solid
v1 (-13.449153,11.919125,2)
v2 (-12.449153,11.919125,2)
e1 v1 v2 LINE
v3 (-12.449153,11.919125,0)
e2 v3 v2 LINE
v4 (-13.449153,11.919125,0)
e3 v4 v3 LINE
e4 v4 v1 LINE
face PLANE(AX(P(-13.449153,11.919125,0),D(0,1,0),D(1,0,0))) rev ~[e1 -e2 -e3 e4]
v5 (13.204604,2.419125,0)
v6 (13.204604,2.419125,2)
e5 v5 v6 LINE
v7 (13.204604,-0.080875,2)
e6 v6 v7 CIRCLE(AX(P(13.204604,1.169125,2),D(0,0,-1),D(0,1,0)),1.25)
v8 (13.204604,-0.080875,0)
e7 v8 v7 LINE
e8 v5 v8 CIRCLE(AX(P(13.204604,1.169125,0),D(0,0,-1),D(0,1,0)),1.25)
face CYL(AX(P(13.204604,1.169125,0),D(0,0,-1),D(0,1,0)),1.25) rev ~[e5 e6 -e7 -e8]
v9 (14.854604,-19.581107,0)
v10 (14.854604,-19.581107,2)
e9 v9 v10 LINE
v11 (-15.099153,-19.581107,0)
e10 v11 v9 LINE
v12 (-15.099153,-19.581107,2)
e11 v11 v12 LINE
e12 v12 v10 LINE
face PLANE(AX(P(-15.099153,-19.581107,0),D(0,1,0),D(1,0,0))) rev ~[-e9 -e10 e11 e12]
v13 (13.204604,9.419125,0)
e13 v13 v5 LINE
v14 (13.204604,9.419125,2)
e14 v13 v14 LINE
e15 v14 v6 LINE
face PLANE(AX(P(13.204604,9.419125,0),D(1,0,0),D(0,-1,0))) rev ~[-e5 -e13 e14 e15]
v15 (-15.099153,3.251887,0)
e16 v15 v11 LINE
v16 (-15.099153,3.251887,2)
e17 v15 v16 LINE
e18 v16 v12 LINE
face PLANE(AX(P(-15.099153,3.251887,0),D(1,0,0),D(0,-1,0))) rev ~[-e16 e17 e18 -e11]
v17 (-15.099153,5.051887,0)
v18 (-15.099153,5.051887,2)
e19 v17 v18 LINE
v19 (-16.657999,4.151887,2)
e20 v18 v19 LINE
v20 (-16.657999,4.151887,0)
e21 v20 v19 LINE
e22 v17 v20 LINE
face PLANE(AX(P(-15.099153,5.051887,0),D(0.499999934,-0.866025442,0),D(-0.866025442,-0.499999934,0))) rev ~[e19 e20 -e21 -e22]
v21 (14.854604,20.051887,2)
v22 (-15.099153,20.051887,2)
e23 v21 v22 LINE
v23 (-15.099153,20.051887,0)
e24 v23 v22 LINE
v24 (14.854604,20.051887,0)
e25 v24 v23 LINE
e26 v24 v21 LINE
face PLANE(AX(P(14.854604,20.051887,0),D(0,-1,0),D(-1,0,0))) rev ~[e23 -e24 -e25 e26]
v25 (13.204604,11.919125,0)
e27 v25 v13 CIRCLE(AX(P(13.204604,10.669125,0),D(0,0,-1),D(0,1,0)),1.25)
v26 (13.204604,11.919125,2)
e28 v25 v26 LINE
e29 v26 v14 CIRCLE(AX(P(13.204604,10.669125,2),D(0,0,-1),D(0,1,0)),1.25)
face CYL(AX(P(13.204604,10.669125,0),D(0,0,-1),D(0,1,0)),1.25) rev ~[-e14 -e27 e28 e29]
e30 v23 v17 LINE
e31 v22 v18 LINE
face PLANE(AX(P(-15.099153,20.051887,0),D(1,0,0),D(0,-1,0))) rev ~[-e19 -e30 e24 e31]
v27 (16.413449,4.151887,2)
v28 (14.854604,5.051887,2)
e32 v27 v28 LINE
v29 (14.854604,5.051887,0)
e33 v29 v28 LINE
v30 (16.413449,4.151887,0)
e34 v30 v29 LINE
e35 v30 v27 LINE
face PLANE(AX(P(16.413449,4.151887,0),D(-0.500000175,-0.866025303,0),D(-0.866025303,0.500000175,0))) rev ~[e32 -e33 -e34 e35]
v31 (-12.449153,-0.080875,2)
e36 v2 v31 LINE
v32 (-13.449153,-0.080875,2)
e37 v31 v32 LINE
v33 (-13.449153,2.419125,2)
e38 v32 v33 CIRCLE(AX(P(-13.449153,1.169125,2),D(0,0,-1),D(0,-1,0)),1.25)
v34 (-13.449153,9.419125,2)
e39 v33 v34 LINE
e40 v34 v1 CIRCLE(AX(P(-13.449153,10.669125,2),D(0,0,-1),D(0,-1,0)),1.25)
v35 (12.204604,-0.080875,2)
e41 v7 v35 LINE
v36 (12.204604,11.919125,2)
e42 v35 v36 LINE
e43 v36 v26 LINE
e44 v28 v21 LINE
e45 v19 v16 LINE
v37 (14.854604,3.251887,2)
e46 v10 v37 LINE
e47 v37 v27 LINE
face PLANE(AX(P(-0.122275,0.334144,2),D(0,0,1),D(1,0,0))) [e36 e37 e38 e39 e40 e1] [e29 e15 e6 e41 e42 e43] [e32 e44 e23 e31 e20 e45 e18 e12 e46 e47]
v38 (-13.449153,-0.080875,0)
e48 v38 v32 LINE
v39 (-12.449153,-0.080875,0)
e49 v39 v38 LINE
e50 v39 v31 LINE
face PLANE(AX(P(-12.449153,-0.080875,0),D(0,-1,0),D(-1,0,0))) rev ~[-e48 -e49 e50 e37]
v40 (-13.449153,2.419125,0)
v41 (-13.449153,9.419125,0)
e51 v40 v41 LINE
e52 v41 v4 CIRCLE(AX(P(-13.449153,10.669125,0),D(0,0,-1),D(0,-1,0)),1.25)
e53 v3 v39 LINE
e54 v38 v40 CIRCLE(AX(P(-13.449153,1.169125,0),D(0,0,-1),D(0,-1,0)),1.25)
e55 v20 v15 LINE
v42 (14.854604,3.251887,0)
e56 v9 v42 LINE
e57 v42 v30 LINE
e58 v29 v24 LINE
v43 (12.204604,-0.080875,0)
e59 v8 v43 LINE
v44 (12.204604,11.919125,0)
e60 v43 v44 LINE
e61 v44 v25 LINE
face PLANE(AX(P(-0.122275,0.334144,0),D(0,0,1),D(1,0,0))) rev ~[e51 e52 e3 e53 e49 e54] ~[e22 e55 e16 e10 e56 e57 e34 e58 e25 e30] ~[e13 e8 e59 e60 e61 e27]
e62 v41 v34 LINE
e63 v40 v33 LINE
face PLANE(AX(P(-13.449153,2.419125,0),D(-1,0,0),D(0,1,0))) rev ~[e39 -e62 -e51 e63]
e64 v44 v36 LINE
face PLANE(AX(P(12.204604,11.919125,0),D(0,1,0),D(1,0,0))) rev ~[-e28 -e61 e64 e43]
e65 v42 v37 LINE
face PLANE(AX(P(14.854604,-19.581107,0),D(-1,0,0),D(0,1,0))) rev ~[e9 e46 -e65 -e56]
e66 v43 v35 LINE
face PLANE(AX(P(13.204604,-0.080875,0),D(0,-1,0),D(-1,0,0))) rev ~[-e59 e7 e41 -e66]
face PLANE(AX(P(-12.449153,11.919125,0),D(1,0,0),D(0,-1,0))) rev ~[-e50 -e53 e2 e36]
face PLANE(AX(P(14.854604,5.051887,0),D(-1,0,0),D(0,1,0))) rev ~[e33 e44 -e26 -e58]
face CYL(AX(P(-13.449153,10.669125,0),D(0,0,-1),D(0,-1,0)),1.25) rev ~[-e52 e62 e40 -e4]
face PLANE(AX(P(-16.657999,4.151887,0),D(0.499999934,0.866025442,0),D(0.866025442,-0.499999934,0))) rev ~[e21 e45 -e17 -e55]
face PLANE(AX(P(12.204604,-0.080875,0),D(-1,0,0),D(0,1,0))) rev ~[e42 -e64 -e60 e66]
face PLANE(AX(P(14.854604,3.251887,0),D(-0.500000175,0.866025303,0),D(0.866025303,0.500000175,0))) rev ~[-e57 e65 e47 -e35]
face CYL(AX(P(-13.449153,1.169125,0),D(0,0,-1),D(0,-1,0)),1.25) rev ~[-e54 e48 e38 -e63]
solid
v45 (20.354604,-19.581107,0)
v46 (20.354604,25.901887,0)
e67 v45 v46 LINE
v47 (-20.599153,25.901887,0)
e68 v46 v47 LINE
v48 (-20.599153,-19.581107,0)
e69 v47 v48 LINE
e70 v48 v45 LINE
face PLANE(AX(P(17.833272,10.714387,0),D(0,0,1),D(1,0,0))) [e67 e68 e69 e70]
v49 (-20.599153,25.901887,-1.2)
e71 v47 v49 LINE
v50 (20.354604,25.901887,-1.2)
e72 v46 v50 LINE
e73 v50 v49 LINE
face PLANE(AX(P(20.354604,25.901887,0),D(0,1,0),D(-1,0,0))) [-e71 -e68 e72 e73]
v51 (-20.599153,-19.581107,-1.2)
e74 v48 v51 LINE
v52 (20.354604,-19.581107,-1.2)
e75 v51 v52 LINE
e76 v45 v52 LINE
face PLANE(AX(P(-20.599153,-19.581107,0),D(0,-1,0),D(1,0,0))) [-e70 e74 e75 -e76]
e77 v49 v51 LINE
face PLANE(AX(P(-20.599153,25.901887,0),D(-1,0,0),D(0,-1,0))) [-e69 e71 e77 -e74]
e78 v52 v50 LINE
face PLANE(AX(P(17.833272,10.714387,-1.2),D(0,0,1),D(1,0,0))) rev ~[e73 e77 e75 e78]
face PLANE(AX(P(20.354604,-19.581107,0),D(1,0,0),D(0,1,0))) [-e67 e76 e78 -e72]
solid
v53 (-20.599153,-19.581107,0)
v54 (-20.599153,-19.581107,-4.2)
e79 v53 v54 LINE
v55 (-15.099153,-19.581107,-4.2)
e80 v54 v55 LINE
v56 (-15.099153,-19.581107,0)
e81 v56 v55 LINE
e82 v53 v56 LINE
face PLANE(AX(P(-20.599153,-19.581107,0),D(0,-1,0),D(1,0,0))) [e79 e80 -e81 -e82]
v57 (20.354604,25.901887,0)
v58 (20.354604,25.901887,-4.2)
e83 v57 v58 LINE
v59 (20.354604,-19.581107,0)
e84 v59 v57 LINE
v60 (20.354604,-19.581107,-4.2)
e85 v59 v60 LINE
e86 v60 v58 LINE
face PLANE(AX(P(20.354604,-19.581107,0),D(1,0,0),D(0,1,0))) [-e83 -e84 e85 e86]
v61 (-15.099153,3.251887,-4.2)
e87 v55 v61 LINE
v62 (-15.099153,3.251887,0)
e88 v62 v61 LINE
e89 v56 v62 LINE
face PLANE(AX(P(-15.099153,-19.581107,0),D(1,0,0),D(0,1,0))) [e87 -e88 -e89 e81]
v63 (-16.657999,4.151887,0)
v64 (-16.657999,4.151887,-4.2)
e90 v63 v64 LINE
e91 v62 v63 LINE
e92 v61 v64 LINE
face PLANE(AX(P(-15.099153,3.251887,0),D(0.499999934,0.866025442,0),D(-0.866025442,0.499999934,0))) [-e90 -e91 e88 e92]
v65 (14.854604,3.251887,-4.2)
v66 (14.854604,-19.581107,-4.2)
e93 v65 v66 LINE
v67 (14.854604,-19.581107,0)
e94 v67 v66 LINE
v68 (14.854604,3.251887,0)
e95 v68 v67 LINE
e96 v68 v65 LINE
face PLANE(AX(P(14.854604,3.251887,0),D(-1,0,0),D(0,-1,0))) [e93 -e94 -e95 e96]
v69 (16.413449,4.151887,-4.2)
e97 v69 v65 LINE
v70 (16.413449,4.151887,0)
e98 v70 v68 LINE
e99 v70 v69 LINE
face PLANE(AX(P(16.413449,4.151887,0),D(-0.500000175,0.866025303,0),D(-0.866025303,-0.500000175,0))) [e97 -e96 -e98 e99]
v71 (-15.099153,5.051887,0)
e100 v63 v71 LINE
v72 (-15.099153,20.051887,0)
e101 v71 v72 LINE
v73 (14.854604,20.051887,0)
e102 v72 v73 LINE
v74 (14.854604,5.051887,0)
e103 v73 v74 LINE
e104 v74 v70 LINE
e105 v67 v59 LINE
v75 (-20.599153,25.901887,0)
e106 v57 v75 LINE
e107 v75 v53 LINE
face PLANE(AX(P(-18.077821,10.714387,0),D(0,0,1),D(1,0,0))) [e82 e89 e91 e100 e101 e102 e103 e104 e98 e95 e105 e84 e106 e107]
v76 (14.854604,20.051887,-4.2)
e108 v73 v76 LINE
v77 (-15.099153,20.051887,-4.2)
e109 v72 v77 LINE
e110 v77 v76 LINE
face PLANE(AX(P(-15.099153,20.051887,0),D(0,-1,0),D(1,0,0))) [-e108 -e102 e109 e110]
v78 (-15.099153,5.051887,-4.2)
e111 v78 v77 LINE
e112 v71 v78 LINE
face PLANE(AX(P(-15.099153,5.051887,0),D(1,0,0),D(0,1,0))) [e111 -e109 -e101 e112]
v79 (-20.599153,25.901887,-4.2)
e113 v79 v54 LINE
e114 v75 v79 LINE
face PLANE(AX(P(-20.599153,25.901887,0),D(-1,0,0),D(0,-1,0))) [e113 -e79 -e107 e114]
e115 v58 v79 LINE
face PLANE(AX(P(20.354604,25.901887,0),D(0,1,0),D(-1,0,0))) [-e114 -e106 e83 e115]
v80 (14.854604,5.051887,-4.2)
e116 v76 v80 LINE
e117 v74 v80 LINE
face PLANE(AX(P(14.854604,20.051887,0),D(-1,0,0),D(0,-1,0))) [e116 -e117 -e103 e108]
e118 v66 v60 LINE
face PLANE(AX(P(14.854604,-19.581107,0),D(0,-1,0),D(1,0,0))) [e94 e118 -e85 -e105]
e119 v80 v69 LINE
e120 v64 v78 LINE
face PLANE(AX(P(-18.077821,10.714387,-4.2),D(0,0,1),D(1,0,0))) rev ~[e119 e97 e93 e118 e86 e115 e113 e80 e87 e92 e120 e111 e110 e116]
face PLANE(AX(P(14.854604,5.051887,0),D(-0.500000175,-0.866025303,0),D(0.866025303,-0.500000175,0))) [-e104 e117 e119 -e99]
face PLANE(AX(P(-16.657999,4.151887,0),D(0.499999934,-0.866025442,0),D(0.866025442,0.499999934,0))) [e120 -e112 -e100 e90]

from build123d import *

# Parameters (mm, degrees)
F1_DEPTH = 2
F2_DEPTH = 4.2
F3_DEPTH = 1.2


with BuildPart() as f1:
    # F0 (on Top) → F1 (new body)
    with BuildSketch(Plane.XY):
        Polygon((-15.099153, 3.251887), (-15.099153, -19.581107), (-0.145396, -19.581107), (-0.099153, -19.581107), (14.854604, -19.581107), (14.854604, 3.251887), (16.413449, 4.151887), (14.854604, 5.051887), (14.854604, 20.051887), (-0.122275, 20.051887), (-15.099153, 20.051887), (-15.099153, 5.051887), (-16.657999, 4.151887), align=None)
        with BuildLine():
            ThreePointArc((-13.449153, 9.419125), (-14.699153, 10.669125), (-13.449153, 11.919125))
            Line((-13.449153, 11.919125), (-12.449153, 11.919125))
            Line((-12.449153, 11.919125), (-12.449153, -0.080875))
            Line((-12.449153, -0.080875), (-13.449153, -0.080875))
            ThreePointArc((-13.449153, -0.080875), (-14.699153, 1.169125), (-13.449153, 2.419125))
            Line((-13.449153, 2.419125), (-13.449153, 9.419125))
        make_face(mode=Mode.SUBTRACT)
        with BuildLine():
            ThreePointArc((13.204604, 2.419125), (14.454604, 1.169125), (13.204604, -0.080875))
            Line((13.204604, -0.080875), (12.204604, -0.080875))
            Line((12.204604, -0.080875), (12.204604, 11.919125))
            Line((12.204604, 11.919125), (13.204604, 11.919125))
            ThreePointArc((13.204604, 11.919125), (14.454604, 10.669125), (13.204604, 9.419125))
            Line((13.204604, 9.419125), (13.204604, 2.419125))
        make_face(mode=Mode.SUBTRACT)
    extrude(amount=F1_DEPTH)


with BuildPart() as f2:
    # F0 (on Top) → F2 (new body)
    with BuildSketch(Plane.XY):
        Polygon((-20.599153, -4.098113), (-15.599153, -4.098113), (-15.599153, 3.151887), (-17.331204, 4.151887), (-15.599153, 5.151887), (-15.599153, 20.901887), (-15.599153, 25.901887), (-20.599153, 25.901887), align=None)
        Polygon((-15.599153, 3.151887), (-15.599153, -4.098113), (-20.599153, -4.098113), (-20.599153, -19.581107), (-15.099153, -19.581107), (-15.099153, 3.251887), (-16.657999, 4.151887), (-15.099153, 5.051887), (-15.099153, 20.051887), (-0.122275, 20.051887), (14.854604, 20.051887), (14.854604, 5.051887), (16.413449, 4.151887), (14.854604, 3.251887), (14.854604, -19.581107), (20.354604, -19.581107), (20.354604, -4.098113), (15.354604, -4.098113), (15.354604, 3.151887), (17.086655, 4.151887), (15.354604, 5.151887), (15.354604, 20.901887), (15.354604, 25.901887), (0.299157, 25.901887), (-0.122275, 25.901887), (-0.543707, 25.901887), (-15.599153, 25.901887), (-15.599153, 20.901887), (-15.599153, 5.151887), (-17.331204, 4.151887), align=None)
        Polygon((20.354604, 25.901887), (15.354604, 25.901887), (15.354604, 20.901887), (15.354604, 5.151887), (17.086655, 4.151887), (15.354604, 3.151887), (15.354604, -4.098113), (20.354604, -4.098113), align=None)
    extrude(amount=-F2_DEPTH)


with BuildPart() as f3:
    # F0 (on Top) → F3 (new body)
    with BuildSketch(Plane.XY):
        Polygon((20.354604, 25.901887), (15.354604, 25.901887), (15.354604, 20.901887), (15.354604, 5.151887), (17.086655, 4.151887), (15.354604, 3.151887), (15.354604, -4.098113), (20.354604, -4.098113), align=None)
        Polygon((-15.099153, 3.251887), (-15.099153, -19.581107), (-0.145396, -19.581107), (-0.099153, -19.581107), (14.854604, -19.581107), (14.854604, 3.251887), (16.413449, 4.151887), (14.854604, 5.051887), (14.854604, 20.051887), (-0.122275, 20.051887), (-15.099153, 20.051887), (-15.099153, 5.051887), (-16.657999, 4.151887), align=None)
        with BuildLine():
            ThreePointArc((-13.449153, 9.419125), (-14.699153, 10.669125), (-13.449153, 11.919125))
            Line((-13.449153, 11.919125), (-12.449153, 11.919125))
            Line((-12.449153, 11.919125), (-12.449153, -0.080875))
            Line((-12.449153, -0.080875), (-13.449153, -0.080875))
            ThreePointArc((-13.449153, -0.080875), (-14.699153, 1.169125), (-13.449153, 2.419125))
            Line((-13.449153, 2.419125), (-13.449153, 9.419125))
        make_face(mode=Mode.SUBTRACT)
        with BuildLine():
            ThreePointArc((13.204604, 2.419125), (14.454604, 1.169125), (13.204604, -0.080875))
            Line((13.204604, -0.080875), (12.204604, -0.080875))
            Line((12.204604, -0.080875), (12.204604, 11.919125))
            Line((12.204604, 11.919125), (13.204604, 11.919125))
            ThreePointArc((13.204604, 11.919125), (14.454604, 10.669125), (13.204604, 9.419125))
            Line((13.204604, 9.419125), (13.204604, 2.419125))
        make_face(mode=Mode.SUBTRACT)
        Polygon((-15.599153, 3.151887), (-15.599153, -4.098113), (-20.599153, -4.098113), (-20.599153, -19.581107), (-15.099153, -19.581107), (-15.099153, 3.251887), (-16.657999, 4.151887), (-15.099153, 5.051887), (-15.099153, 20.051887), (-0.122275, 20.051887), (14.854604, 20.051887), (14.854604, 5.051887), (16.413449, 4.151887), (14.854604, 3.251887), (14.854604, -19.581107), (20.354604, -19.581107), (20.354604, -4.098113), (15.354604, -4.098113), (15.354604, 3.151887), (17.086655, 4.151887), (15.354604, 5.151887), (15.354604, 20.901887), (15.354604, 25.901887), (0.299157, 25.901887), (-0.122275, 25.901887), (-0.543707, 25.901887), (-15.599153, 25.901887), (-15.599153, 20.901887), (-15.599153, 5.151887), (-17.331204, 4.151887), align=None)
        Polygon((-20.599153, -4.098113), (-15.599153, -4.098113), (-15.599153, 3.151887), (-17.331204, 4.151887), (-15.599153, 5.151887), (-15.599153, 20.901887), (-15.599153, 25.901887), (-20.599153, 25.901887), align=None)
        with BuildLine():
            Line((-12.449153, 11.919125), (-13.449153, 11.919125))
            ThreePointArc((-13.449153, 11.919125), (-14.699153, 10.669125), (-13.449153, 9.419125))
            Line((-13.449153, 9.419125), (-13.449153, 2.419125))
            ThreePointArc((-13.449153, 2.419125), (-14.699153, 1.169125), (-13.449153, -0.080875))
            Line((-13.449153, -0.080875), (-12.449153, -0.080875))
            Line((-12.449153, -0.080875), (-12.449153, 11.919125))
        make_face()
        with BuildLine():
            Line((12.204604, -0.080875), (13.204604, -0.080875))
            ThreePointArc((13.204604, -0.080875), (14.454604, 1.169125), (13.204604, 2.419125))
            Line((13.204604, 2.419125), (13.204604, 9.419125))
            ThreePointArc((13.204604, 9.419125), (14.454604, 10.669125), (13.204604, 11.919125))
            Line((13.204604, 11.919125), (12.204604, 11.919125))
            Line((12.204604, 11.919125), (12.204604, -0.080875))
        make_face()
    extrude(amount=-F3_DEPTH)


solid = Compound([f1.part, f2.part, f3.part])
